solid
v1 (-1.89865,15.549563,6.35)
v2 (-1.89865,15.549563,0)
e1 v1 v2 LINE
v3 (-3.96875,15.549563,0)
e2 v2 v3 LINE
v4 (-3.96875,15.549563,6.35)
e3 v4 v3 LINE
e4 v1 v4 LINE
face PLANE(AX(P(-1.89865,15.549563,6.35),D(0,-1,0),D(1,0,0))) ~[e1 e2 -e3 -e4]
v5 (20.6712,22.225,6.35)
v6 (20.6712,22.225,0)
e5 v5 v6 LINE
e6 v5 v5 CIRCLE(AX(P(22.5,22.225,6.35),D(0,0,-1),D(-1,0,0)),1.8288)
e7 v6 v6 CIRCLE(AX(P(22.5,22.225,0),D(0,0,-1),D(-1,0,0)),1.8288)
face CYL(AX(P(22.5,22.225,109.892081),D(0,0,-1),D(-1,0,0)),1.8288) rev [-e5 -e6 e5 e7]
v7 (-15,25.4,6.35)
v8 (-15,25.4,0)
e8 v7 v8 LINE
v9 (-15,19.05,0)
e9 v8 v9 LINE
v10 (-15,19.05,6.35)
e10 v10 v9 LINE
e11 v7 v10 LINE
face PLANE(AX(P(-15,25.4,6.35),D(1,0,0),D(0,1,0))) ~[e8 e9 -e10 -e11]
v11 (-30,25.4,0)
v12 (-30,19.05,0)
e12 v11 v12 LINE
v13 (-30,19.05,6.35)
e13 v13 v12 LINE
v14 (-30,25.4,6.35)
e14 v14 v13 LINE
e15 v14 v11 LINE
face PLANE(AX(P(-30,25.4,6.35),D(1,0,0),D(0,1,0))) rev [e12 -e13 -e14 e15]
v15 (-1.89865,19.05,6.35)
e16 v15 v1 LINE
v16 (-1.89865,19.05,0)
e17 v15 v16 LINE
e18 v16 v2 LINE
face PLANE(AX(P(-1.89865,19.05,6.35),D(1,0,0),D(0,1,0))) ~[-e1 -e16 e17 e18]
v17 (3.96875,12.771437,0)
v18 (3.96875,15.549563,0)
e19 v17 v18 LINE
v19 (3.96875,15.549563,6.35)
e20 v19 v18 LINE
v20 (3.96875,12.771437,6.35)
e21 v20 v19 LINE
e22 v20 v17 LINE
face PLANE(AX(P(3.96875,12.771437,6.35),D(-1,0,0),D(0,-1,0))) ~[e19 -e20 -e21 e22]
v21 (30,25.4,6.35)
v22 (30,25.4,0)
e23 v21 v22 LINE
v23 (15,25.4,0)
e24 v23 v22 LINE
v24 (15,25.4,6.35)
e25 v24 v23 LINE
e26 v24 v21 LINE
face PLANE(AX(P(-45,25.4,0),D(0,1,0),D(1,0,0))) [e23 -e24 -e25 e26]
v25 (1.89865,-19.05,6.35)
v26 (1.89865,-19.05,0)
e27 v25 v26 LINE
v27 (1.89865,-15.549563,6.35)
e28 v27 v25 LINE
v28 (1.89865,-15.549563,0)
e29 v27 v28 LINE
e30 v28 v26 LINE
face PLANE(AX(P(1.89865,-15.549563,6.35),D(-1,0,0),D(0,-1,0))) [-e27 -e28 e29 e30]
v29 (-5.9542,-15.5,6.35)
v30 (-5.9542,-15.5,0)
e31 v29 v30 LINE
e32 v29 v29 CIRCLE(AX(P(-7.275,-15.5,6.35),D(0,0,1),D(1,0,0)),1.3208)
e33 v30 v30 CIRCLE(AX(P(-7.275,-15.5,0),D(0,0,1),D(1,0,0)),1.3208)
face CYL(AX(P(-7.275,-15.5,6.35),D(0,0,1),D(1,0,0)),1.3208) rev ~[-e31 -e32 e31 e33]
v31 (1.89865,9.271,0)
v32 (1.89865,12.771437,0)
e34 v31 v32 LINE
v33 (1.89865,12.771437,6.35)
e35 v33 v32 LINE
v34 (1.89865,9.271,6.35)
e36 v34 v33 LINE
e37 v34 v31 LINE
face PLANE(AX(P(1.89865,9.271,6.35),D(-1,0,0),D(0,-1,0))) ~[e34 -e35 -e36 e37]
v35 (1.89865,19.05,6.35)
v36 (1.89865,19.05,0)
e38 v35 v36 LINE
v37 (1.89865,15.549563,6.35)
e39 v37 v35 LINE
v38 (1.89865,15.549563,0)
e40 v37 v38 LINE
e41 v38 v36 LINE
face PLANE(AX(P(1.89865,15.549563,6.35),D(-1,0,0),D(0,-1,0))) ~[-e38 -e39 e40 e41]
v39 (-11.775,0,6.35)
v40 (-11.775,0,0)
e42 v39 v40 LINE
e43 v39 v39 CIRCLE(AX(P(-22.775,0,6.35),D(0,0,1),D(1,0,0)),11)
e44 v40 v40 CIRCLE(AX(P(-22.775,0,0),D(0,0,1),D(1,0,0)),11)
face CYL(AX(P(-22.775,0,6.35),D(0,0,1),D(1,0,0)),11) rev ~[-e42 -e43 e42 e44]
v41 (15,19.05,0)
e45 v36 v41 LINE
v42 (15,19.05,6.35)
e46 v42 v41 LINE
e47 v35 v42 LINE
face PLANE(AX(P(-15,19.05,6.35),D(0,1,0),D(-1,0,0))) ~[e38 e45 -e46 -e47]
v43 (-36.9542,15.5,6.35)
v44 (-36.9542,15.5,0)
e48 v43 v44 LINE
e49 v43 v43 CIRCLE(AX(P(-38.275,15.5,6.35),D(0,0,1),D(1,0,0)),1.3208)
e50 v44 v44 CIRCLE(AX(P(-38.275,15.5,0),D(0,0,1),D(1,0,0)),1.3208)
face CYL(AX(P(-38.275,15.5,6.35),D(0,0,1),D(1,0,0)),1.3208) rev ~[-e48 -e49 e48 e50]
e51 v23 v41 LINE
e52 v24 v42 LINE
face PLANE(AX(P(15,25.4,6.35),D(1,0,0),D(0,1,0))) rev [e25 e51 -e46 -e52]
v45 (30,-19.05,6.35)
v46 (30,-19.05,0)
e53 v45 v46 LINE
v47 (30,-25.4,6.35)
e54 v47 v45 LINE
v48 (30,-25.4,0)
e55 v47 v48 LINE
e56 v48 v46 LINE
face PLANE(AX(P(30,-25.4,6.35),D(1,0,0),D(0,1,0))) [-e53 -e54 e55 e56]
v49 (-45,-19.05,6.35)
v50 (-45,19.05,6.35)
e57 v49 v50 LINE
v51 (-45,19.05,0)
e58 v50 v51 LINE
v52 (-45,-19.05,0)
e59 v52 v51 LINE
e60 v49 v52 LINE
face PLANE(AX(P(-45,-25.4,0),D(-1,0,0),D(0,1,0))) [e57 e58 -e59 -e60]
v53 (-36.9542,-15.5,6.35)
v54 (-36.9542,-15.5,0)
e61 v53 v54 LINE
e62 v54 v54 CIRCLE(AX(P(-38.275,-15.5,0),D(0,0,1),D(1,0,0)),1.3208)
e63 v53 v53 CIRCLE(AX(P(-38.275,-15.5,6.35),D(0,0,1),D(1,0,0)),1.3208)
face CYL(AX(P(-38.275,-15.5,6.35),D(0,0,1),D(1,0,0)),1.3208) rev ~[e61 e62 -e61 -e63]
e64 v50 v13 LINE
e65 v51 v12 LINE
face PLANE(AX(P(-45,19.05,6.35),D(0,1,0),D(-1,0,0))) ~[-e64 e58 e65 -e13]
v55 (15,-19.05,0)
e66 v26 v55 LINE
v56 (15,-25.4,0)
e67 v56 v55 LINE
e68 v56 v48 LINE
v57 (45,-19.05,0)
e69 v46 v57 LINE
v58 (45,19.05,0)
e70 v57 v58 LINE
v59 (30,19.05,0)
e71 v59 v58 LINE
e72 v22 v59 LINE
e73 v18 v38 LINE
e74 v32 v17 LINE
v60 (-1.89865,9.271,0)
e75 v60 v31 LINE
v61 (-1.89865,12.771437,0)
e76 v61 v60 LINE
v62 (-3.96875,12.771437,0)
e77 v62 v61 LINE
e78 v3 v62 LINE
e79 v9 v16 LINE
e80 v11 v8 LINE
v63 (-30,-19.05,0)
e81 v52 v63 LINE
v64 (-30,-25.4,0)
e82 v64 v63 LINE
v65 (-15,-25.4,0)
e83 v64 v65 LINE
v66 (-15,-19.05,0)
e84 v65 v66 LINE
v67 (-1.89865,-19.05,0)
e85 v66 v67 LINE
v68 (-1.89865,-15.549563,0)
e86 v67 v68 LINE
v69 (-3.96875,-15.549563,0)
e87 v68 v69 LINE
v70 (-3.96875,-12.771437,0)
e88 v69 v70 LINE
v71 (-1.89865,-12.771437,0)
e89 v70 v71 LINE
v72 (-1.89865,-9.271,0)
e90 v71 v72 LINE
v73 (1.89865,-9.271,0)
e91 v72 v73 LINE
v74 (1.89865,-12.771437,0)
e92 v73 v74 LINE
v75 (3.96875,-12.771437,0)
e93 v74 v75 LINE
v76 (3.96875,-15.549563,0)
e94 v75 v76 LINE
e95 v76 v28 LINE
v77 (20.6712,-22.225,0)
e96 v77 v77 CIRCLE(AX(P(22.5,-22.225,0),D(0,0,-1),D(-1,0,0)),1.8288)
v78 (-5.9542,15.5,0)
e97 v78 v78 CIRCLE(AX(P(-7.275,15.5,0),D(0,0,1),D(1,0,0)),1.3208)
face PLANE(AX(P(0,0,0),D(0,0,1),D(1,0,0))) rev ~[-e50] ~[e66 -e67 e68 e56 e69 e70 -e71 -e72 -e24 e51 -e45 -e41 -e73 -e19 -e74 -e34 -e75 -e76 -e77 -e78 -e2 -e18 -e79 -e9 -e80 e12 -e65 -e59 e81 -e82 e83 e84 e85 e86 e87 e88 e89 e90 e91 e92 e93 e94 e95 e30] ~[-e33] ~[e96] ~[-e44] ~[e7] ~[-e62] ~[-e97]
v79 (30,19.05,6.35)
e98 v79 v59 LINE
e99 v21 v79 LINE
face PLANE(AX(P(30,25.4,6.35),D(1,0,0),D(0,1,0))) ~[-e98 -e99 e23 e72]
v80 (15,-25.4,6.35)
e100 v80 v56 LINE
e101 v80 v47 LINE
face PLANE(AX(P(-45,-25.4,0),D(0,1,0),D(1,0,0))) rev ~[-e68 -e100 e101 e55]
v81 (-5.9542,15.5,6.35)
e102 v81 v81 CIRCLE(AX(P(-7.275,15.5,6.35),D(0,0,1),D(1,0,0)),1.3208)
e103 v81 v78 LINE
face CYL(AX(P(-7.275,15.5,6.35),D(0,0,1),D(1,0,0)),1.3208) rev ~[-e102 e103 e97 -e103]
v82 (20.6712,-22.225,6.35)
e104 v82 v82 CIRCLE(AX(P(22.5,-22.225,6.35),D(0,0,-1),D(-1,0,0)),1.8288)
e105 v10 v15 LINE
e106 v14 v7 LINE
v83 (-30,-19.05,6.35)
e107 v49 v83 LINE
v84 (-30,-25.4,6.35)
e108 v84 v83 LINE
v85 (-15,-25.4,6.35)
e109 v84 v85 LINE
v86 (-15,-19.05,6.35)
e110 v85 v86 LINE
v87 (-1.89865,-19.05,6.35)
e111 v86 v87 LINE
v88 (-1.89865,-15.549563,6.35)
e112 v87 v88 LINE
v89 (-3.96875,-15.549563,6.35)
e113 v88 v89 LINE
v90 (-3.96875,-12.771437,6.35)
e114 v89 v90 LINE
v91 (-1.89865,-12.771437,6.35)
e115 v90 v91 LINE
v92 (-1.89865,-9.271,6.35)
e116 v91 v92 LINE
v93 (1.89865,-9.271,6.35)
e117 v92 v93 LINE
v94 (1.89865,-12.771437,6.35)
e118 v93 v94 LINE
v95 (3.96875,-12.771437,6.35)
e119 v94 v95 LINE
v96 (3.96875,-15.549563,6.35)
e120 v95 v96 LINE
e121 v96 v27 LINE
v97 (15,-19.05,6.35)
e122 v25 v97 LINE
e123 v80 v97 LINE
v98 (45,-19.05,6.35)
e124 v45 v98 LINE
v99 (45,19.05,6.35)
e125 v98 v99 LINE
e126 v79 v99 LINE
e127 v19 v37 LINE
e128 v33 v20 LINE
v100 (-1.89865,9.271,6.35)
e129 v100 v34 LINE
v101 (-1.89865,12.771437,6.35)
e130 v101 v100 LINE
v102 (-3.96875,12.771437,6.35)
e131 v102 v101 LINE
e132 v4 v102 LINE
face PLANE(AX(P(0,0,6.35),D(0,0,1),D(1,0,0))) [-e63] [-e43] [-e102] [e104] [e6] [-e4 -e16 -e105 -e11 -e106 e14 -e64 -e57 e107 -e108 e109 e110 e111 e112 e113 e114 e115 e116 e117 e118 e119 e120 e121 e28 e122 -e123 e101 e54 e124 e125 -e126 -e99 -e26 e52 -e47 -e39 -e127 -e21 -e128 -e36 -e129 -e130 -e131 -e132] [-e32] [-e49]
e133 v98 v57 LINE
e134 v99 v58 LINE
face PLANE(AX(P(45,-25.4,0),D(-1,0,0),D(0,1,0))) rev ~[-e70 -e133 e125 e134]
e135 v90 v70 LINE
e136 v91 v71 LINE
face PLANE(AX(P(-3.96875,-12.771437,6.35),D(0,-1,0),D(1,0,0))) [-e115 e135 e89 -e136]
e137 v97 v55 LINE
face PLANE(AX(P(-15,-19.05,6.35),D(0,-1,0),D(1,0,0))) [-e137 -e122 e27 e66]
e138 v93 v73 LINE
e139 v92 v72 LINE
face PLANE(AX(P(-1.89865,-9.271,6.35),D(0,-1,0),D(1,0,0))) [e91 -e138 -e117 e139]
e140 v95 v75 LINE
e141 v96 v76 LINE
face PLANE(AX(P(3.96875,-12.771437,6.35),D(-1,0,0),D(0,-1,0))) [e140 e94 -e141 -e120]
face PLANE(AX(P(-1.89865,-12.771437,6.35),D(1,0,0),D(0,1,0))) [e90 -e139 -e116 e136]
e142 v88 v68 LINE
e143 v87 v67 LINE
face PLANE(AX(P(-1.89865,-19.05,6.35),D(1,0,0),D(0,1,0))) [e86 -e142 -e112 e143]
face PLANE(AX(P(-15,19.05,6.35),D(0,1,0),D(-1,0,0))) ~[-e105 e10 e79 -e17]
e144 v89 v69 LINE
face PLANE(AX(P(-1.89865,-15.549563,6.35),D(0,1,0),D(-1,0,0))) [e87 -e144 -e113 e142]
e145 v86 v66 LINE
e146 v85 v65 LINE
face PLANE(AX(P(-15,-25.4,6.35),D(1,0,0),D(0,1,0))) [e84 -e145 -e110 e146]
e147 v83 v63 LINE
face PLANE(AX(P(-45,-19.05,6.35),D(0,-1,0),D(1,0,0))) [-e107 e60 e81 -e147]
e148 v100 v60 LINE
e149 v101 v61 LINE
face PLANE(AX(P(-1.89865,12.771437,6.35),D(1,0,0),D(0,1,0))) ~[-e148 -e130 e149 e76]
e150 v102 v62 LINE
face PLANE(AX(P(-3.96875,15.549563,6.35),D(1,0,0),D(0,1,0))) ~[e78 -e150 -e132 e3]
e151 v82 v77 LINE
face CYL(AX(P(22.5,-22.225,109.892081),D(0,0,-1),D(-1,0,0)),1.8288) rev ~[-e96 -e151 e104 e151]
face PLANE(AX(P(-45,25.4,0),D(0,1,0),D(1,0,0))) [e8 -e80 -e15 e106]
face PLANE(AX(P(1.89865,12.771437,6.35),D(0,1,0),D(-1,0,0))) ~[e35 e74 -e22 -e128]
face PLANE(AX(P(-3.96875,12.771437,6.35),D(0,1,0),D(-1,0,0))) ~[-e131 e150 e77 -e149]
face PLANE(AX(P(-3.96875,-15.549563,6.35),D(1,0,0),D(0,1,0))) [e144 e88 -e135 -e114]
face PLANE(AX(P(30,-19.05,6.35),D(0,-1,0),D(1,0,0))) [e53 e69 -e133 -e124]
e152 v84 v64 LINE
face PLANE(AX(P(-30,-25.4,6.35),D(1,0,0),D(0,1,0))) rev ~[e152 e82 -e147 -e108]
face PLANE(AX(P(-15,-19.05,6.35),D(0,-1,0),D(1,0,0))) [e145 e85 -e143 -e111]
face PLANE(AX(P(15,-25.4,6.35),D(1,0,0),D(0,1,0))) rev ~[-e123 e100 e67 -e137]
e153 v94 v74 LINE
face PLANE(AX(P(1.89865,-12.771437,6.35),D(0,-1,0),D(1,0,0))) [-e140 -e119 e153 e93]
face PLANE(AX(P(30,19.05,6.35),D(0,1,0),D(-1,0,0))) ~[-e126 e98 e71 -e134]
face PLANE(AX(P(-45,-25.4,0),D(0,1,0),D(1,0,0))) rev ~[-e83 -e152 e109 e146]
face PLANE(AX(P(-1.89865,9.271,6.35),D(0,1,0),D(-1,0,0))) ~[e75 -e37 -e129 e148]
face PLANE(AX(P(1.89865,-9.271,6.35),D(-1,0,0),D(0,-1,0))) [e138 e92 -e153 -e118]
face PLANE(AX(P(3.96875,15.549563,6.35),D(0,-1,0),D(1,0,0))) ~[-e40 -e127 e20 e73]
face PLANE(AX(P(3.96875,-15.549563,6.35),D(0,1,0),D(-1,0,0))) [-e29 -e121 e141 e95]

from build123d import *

# Parameters (mm, degrees)
SKETCH1_W             = 90
SKETCH1_H             = 50.8
BOSS_EXTRUDE1_DEPTH   = 6.35
SKETCH2_R             = 7.9375
SKETCH2_W             = 15
SKETCH2_H             = 6.35
SKETCH2_W_2           = 30
CUT_EXTRUDE1_DEPTH    = 6.35
CUT_EXTRUDE3_DEPTH    = 53.062294417
SKETCH3_R             = 11
SKETCH3_R_2           = 1.3208
CUT_EXTRUDE2_DEPTH    = 53.062294417
F_6_CLEARANCE_HOLE1_D = 3.6576


with BuildPart() as part:
    # Sketch1 → Boss-Extrude1 (new body)
    with BuildSketch(Plane.XY):
        Rectangle(SKETCH1_W, SKETCH1_H)
    extrude(amount=BOSS_EXTRUDE1_DEPTH)

    # Sketch2 → Cut-Extrude1 (cut)
    with BuildSketch(Plane.XY.offset(6.35)):
        with Locations((-22.775, 0)):
            Circle(SKETCH2_R)
        with Locations((-37.5, -22.225)):
            Rectangle(SKETCH2_W, SKETCH2_H)
        with Locations((0, -22.225)):
            Rectangle(SKETCH2_W_2, SKETCH2_H)
        with Locations((37.5, -22.225)):
            Rectangle(SKETCH2_W, SKETCH2_H)
    cut_extrude1 = extrude(amount=-CUT_EXTRUDE1_DEPTH, mode=Mode.SUBTRACT)

    # Sketch9 → Cut-Extrude3 (cut, through all)
    with BuildSketch(Plane.XY.offset(6.35)):
        Polygon((-1.89865, -9.271), (1.89865, -9.271), (1.89865, -12.7714375), (3.96875, -12.7714375), (3.96875, -15.5495625), (1.89865, -15.5495625), (1.89865, -19.05), (-1.89865, -19.05), (-1.89865, -15.5495625), (-3.96875, -15.5495625), (-3.96875, -12.7714375), (-1.89865, -12.7714375), align=None)
    cut_extrude3 = extrude(amount=-CUT_EXTRUDE3_DEPTH, mode=Mode.SUBTRACT)

    # Mirror2: Cut-Extrude1, Cut-Extrude3 across plane
    add(cut_extrude1.mirror(Plane.ZX), mode=Mode.SUBTRACT)
    add(cut_extrude3.mirror(Plane.ZX), mode=Mode.SUBTRACT)

    # Sketch3 → Cut-Extrude2 (cut, through all)
    with BuildSketch(Plane.XY.offset(6.35)):
        with Locations((-22.775, 0)):
            Circle(SKETCH3_R)
        with Locations((-38.275, 15.5)):
            Circle(SKETCH3_R_2)
        with Locations((-7.275, 15.5)):
            Circle(SKETCH3_R_2)
        with Locations((-7.275, -15.5)):
            Circle(SKETCH3_R_2)
        with Locations((-38.275, -15.5)):
            Circle(SKETCH3_R_2)
    extrude(amount=-CUT_EXTRUDE2_DEPTH, mode=Mode.SUBTRACT)

    # #6 Clearance Hole1 (through all)
    with Locations(Plane.XY.offset(6.35)):
        with Locations((22.5, -22.225)):
            f_6_clearance_hole1 = Hole(F_6_CLEARANCE_HOLE1_D / 2)

    # Mirror3: #6 Clearance Hole1 across plane
    add(f_6_clearance_hole1.mirror(Plane.ZX), mode=Mode.SUBTRACT)


solid = part.part
